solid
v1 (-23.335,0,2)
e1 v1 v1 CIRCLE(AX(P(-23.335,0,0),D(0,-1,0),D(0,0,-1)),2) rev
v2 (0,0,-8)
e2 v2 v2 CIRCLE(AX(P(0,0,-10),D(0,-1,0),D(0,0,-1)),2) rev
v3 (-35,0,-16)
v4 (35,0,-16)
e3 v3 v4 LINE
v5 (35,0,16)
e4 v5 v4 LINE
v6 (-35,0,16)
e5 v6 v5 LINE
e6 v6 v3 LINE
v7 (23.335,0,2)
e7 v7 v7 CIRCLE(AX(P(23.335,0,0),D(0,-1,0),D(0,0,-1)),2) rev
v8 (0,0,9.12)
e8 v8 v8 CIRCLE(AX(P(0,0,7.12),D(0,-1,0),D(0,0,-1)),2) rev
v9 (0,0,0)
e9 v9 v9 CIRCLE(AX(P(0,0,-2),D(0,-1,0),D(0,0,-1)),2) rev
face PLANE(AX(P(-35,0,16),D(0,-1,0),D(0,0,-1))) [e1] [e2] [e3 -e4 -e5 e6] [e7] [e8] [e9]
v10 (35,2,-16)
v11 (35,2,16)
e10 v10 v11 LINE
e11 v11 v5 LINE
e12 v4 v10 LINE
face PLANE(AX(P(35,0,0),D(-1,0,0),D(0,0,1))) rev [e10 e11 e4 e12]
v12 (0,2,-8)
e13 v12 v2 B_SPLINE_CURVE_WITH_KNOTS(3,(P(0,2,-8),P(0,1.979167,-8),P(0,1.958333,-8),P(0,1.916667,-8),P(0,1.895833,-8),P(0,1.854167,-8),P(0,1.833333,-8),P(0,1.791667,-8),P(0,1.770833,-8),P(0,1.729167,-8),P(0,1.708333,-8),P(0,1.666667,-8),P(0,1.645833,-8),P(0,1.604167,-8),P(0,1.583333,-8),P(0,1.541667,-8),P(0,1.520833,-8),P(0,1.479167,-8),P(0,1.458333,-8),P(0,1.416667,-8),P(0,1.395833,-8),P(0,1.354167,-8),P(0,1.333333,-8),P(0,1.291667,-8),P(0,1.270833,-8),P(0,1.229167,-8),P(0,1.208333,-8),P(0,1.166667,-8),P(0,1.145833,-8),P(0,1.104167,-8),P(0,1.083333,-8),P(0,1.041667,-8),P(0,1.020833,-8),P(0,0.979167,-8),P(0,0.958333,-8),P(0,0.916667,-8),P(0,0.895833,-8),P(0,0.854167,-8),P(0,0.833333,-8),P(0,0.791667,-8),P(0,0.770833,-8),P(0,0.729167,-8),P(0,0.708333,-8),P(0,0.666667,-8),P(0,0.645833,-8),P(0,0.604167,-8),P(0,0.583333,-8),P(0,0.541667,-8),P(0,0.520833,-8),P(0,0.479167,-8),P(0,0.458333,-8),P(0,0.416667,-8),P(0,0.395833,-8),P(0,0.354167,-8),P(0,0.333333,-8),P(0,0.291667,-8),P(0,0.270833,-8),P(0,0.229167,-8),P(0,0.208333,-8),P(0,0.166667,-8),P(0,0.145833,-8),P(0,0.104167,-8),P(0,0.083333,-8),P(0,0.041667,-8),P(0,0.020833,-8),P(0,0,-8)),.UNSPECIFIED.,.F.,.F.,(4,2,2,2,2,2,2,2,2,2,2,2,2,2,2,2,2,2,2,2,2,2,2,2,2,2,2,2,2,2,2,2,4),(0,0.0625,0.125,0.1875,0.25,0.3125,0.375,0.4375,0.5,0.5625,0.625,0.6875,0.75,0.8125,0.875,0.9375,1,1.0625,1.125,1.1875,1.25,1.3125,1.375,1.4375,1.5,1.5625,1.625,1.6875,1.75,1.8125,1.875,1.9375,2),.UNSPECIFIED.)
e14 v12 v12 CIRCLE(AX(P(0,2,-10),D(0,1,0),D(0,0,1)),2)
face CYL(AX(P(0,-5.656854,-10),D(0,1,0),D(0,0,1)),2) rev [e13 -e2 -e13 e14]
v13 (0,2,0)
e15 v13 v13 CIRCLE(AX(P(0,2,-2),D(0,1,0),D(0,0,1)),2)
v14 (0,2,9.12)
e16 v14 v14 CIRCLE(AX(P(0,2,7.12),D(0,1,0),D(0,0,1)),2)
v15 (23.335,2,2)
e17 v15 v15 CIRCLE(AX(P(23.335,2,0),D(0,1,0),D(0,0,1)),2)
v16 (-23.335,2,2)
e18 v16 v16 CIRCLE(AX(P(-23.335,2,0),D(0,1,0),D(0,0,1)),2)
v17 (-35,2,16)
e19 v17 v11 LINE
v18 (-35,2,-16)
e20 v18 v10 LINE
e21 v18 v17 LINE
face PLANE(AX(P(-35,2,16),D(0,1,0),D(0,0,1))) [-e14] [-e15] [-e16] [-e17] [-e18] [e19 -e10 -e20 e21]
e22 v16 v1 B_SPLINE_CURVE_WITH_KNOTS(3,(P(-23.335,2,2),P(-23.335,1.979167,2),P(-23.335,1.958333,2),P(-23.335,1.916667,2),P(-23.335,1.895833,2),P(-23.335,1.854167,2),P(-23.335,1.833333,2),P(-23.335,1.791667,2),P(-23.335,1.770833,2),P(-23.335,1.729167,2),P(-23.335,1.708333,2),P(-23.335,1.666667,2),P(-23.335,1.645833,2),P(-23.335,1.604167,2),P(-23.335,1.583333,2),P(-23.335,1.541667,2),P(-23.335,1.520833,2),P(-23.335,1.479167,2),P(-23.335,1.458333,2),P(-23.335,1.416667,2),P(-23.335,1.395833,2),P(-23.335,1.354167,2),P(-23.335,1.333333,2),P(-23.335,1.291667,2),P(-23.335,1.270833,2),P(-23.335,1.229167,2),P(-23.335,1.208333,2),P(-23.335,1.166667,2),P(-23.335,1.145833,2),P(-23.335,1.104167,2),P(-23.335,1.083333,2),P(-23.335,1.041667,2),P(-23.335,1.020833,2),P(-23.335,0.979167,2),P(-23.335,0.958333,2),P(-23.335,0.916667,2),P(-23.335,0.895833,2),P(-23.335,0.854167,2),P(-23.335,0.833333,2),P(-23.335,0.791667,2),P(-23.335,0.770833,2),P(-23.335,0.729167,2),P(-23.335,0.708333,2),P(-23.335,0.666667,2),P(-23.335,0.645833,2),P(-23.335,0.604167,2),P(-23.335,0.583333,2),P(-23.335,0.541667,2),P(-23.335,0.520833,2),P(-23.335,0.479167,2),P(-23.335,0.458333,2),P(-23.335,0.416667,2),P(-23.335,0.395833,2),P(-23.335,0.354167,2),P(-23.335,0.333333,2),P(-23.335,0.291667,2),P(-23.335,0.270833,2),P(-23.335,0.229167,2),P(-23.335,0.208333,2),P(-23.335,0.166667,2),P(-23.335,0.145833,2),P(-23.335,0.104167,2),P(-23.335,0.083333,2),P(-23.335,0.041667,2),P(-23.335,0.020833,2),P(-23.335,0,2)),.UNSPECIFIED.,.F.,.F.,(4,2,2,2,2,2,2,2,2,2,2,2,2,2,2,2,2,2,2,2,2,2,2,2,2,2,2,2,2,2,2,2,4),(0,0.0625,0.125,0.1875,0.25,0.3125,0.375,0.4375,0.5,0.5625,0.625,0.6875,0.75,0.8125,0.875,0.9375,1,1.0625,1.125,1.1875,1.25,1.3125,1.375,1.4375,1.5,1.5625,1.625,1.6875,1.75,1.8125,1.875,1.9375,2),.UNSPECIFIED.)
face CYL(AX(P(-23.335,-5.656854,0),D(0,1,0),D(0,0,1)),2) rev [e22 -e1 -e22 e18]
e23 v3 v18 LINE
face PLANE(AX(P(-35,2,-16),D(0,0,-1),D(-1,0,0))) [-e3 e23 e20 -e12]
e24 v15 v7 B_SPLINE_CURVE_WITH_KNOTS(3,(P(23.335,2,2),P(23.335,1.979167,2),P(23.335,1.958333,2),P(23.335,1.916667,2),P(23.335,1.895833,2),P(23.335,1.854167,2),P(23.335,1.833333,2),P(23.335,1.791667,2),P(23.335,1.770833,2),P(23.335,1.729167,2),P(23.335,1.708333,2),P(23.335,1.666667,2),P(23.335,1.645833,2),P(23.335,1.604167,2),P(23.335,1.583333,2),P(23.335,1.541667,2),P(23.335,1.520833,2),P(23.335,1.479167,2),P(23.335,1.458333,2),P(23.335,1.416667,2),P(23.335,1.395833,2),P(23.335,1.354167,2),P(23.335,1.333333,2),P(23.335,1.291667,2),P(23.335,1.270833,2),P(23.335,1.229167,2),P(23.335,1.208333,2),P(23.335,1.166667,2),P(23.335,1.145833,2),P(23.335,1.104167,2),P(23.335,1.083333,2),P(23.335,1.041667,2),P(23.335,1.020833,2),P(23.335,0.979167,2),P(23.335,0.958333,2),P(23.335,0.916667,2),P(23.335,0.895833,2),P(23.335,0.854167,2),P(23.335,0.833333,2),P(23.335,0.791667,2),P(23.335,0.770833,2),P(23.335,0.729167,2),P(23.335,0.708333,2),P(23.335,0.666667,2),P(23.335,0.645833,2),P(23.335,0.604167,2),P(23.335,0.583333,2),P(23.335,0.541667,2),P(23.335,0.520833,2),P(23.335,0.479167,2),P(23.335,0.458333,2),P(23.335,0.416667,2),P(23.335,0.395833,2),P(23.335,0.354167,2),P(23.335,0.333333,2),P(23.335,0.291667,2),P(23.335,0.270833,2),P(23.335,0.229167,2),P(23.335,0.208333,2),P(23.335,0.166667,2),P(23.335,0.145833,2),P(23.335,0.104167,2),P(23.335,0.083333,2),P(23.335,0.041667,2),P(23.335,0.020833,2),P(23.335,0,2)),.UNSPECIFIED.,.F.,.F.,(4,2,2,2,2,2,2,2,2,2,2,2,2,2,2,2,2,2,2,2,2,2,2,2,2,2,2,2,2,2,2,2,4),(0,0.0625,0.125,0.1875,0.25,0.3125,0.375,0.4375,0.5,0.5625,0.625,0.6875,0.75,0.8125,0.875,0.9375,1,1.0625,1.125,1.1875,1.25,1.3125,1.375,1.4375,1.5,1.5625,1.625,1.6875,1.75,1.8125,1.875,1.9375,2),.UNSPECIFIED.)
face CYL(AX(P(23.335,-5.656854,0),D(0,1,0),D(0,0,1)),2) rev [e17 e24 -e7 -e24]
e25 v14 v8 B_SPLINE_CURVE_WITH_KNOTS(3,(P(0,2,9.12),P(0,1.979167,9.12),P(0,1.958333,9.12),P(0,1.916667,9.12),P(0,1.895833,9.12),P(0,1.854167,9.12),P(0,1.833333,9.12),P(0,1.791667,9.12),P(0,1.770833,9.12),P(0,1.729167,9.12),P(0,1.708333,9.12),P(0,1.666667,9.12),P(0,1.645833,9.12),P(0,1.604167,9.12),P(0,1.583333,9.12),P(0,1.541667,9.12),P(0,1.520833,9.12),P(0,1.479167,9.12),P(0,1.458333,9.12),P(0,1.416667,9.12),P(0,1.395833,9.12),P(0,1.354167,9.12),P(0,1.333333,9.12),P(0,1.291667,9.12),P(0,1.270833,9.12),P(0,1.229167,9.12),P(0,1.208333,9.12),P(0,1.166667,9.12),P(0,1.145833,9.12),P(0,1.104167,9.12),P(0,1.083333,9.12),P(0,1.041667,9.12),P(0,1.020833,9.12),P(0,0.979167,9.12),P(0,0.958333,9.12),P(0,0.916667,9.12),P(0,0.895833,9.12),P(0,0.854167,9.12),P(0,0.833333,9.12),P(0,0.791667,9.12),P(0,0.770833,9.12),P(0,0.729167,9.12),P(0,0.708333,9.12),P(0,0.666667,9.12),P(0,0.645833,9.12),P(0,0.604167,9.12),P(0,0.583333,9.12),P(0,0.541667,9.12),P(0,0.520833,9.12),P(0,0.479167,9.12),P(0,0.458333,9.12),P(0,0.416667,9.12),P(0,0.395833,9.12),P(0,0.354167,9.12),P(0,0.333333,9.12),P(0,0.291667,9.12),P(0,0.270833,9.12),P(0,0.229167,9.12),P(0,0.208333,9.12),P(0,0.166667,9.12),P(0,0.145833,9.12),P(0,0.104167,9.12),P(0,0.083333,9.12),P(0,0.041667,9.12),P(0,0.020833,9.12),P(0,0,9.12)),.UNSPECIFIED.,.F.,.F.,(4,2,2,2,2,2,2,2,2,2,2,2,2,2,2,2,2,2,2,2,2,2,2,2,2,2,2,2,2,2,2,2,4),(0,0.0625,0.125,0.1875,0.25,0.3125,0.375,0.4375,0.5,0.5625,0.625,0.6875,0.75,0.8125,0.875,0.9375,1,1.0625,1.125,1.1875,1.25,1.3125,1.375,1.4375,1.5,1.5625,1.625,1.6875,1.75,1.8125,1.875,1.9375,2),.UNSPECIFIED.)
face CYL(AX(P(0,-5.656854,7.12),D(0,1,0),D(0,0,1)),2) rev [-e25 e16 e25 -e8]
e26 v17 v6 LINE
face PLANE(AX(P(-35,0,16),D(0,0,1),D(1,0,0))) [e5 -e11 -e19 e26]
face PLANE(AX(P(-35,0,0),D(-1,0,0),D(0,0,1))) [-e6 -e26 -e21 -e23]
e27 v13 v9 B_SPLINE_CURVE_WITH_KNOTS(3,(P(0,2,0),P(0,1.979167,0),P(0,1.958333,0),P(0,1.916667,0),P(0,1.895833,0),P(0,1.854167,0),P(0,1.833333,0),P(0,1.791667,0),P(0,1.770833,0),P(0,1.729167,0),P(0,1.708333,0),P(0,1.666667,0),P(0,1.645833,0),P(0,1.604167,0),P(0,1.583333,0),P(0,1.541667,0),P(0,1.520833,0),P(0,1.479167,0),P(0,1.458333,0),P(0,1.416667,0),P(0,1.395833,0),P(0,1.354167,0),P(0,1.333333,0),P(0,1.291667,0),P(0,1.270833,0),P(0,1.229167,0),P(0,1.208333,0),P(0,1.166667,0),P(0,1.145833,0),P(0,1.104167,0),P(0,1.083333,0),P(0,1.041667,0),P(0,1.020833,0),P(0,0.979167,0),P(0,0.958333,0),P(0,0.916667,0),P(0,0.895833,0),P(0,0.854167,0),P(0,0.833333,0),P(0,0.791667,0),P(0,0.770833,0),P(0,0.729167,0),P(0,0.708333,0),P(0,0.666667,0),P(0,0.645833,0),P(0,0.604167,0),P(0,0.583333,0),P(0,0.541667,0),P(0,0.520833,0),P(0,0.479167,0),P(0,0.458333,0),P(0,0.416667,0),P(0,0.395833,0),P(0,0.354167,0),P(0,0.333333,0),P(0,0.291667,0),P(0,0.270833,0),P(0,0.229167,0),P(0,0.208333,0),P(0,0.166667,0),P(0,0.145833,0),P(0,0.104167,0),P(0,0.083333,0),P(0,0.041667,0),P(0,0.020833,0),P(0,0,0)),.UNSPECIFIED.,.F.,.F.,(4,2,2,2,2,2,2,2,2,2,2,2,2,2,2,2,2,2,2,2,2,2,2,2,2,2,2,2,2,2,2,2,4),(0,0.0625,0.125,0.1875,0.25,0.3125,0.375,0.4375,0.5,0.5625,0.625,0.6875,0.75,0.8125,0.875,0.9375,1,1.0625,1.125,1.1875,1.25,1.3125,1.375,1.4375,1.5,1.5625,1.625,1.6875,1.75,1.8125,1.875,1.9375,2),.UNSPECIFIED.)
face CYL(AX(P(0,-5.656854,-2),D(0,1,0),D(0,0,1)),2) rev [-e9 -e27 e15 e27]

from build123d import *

# Parameters (mm, degrees)
BOSS_EXTRUDE1_DEPTH      = 35
BOSS_EXTRUDE1_DEPTH_BACK = 35
SKETCH1_W                = 32
SKETCH1_H                = 2
SKETCH2_R                = 2
CUT_EXTRUDE2_DEPTH       = 2
SKETCH3_R                = 2
CUT_EXTRUDE3_DEPTH       = 2


with BuildPart() as part:
    # Sketch1 → Boss-Extrude1 (new, two sides: drawn at the far end of the back side and taken through both)
    with BuildSketch(Plane(origin=(0, 0, 0), x_dir=(0, 0, -1), z_dir=(1, 0, 0)).offset(-BOSS_EXTRUDE1_DEPTH_BACK)):
        with Locations((0, 1)):
            Rectangle(SKETCH1_W, SKETCH1_H)
    extrude(amount=BOSS_EXTRUDE1_DEPTH + BOSS_EXTRUDE1_DEPTH_BACK)

    # Sketch2 → Cut-Extrude2 (cut)
    with BuildSketch(Plane(origin=(0, 2, 0), x_dir=(1, 0, 0), z_dir=(0, 1, 0))):
        with Locations(Location((-23.335, 0, 0), (0, 0, 270))):
            Circle(SKETCH2_R)
        with Locations(Location((23.335, 0, 0), (0, 0, 270))):
            Circle(SKETCH2_R)
    extrude(amount=-CUT_EXTRUDE2_DEPTH, mode=Mode.SUBTRACT)

    # Sketch3 → Cut-Extrude3 (cut)
    with BuildSketch(Plane(origin=(0, 2, 0), x_dir=(1, 0, 0), z_dir=(0, 1, 0))):
        with Locations(Location((0, 10, 0), (0, 0, 270))):
            Circle(SKETCH3_R)
        with Locations(Location((0, 2, 0), (0, 0, 270))):
            Circle(SKETCH3_R)
        with Locations(Location((0, -7.12, 0), (0, 0, 270))):
            Circle(SKETCH3_R)
    extrude(amount=-CUT_EXTRUDE3_DEPTH, mode=Mode.SUBTRACT)


solid = part.part
